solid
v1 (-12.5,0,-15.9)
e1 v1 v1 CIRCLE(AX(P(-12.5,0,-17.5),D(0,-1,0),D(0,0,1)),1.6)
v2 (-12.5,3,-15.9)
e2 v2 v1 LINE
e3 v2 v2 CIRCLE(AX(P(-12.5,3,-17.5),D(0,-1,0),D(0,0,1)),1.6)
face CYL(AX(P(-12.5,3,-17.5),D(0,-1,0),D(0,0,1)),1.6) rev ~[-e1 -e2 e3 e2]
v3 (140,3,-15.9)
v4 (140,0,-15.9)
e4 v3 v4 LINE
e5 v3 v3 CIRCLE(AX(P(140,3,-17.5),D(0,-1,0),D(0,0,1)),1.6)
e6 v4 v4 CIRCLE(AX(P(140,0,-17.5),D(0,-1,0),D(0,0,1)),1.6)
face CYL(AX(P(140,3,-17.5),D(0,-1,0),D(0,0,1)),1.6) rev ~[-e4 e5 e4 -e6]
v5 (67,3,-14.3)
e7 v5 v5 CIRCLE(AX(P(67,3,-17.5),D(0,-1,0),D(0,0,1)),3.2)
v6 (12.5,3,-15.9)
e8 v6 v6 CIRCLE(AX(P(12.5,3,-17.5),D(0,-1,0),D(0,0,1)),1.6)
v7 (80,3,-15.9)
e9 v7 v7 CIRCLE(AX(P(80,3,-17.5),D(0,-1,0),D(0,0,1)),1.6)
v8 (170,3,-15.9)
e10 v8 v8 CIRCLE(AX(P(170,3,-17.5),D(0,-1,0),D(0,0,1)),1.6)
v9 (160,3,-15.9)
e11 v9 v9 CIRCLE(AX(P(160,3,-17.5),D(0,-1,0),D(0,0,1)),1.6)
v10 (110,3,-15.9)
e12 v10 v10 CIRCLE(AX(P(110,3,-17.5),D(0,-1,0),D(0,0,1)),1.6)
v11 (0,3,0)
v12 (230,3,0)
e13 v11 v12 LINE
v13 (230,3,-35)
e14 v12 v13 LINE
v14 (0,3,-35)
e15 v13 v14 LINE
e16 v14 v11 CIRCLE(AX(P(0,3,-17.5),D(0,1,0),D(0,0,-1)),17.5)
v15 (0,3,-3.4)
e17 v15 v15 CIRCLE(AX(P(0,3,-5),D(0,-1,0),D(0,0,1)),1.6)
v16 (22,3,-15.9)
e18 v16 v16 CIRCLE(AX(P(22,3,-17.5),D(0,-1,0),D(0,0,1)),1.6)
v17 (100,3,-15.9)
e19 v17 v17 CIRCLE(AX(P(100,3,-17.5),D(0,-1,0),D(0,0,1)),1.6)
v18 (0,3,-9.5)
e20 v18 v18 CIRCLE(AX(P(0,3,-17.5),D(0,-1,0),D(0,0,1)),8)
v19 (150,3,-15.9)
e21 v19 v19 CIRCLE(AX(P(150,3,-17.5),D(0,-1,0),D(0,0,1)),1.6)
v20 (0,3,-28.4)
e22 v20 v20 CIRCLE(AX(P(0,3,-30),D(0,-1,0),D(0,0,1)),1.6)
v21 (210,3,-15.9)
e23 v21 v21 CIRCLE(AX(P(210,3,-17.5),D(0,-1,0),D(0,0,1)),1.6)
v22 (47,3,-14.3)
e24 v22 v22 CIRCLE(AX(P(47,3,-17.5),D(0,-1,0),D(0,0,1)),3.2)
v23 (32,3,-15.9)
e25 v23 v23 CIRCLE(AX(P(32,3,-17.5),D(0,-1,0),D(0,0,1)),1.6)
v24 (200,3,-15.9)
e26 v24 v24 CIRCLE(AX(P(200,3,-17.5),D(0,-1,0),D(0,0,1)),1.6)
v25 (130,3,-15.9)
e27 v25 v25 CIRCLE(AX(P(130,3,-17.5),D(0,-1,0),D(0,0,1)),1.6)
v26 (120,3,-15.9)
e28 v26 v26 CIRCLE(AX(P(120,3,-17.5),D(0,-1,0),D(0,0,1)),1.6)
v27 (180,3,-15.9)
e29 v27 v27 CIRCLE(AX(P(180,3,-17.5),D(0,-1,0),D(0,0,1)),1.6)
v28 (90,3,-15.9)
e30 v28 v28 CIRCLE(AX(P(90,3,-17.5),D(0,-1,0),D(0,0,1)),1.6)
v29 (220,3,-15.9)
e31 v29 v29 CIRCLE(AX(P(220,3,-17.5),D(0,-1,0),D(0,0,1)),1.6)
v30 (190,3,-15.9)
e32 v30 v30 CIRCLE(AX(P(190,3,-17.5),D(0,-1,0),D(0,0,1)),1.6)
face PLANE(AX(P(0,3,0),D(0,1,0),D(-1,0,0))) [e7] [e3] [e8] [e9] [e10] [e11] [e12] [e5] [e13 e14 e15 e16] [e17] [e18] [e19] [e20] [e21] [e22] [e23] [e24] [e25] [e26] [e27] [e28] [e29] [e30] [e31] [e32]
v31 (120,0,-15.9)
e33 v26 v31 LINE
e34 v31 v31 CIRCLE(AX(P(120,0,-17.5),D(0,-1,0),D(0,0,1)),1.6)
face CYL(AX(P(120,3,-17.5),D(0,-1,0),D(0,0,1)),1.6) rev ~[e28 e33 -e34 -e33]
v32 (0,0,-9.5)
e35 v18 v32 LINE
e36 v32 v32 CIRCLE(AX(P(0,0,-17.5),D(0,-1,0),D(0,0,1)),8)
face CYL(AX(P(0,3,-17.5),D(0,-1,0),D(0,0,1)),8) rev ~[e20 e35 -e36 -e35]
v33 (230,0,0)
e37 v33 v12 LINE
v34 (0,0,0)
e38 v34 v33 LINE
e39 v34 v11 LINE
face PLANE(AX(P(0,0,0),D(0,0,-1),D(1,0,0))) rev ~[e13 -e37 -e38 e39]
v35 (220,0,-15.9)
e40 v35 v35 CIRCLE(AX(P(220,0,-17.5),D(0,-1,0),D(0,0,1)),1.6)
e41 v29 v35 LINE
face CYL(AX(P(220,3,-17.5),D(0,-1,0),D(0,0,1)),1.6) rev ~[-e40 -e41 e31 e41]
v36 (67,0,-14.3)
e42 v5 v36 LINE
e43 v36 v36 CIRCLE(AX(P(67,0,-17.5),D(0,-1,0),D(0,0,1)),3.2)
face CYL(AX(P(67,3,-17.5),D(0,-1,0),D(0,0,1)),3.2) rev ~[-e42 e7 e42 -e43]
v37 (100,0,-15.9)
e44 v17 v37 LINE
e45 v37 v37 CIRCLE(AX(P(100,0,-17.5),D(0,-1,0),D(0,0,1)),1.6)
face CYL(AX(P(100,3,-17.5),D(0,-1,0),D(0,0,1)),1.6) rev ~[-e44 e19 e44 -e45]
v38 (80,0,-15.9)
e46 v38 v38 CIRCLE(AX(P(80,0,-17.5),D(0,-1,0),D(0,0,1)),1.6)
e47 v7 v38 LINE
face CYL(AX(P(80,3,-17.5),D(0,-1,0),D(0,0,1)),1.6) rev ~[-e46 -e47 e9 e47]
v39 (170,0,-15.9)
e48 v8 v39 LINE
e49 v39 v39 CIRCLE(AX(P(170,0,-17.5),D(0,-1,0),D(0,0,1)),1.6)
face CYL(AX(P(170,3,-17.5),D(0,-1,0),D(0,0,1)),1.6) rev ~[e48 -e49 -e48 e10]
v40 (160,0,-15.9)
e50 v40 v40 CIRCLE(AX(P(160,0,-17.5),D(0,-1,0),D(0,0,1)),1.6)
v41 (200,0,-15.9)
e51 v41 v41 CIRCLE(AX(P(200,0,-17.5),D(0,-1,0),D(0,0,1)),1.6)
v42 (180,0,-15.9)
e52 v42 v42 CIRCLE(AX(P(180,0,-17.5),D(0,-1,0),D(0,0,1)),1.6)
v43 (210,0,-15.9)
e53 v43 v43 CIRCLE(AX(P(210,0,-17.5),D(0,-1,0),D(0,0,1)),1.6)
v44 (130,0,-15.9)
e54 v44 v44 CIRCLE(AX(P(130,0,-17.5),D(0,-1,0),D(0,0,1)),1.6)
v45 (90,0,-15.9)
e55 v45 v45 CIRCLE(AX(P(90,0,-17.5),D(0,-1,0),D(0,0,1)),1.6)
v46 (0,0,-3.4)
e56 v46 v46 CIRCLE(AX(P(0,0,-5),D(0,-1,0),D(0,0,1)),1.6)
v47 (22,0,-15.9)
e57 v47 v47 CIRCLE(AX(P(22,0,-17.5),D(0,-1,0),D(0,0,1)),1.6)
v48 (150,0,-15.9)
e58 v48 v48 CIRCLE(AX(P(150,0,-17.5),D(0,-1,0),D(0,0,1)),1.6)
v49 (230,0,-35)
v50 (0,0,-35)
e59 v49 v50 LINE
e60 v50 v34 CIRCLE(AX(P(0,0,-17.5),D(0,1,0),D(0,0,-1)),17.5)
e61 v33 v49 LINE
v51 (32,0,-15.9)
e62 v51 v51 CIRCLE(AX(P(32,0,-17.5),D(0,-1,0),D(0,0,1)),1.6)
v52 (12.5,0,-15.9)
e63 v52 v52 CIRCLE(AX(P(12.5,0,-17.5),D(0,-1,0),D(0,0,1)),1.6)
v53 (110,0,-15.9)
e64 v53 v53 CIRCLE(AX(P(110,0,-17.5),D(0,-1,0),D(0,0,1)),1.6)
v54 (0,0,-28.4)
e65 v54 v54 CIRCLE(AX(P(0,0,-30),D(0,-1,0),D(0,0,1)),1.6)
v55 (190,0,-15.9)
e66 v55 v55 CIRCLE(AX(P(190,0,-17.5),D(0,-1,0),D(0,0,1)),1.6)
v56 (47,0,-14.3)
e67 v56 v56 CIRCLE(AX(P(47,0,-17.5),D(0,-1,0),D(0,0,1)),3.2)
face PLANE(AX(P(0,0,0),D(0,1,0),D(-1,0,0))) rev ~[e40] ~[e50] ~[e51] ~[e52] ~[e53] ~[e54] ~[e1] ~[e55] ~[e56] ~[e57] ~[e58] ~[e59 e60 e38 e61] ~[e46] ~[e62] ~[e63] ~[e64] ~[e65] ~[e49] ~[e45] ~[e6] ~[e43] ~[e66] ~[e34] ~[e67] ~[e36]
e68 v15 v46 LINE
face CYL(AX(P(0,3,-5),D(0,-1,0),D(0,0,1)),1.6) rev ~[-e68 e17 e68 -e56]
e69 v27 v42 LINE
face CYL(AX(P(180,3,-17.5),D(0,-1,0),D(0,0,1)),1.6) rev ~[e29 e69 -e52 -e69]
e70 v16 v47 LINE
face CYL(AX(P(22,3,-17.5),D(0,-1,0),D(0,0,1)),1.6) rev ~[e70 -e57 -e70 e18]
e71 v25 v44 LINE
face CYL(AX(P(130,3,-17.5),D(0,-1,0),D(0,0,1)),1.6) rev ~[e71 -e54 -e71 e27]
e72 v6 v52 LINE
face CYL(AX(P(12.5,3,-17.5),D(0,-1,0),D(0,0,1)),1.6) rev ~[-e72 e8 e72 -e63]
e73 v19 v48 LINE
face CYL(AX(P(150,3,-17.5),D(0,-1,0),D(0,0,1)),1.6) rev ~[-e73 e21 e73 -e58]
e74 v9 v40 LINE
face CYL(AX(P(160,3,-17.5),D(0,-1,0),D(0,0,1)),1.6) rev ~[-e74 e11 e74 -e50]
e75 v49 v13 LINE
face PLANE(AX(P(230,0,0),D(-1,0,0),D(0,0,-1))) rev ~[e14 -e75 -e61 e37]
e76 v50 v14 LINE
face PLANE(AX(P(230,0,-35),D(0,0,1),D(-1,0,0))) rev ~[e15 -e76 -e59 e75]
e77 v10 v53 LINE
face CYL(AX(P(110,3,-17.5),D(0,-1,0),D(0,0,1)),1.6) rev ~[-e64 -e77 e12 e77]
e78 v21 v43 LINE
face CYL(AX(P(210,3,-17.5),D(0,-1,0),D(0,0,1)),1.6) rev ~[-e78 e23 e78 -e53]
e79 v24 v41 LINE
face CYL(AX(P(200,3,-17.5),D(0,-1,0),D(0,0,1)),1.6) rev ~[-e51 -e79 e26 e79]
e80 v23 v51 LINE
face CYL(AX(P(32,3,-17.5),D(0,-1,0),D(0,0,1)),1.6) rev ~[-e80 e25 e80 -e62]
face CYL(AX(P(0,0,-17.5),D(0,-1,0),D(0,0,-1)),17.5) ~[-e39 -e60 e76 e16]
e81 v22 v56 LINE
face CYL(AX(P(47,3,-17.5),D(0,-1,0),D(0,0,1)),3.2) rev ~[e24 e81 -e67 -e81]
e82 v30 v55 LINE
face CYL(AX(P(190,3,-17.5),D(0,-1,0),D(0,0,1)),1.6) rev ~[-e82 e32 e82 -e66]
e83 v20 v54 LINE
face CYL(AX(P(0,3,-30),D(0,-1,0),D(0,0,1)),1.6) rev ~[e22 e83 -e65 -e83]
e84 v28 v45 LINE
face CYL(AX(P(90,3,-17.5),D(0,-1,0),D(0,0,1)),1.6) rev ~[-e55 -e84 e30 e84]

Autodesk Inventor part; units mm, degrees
ref_plane "YZ Plane" through (0, 0, 0) normal (1, 0, 0) x (0, 1, 0)
ref_plane "XZ Plane" through (0, 0, 0) normal (0, 1, 0) x (-1, 0, 0)
ref_plane "XY Plane" through (0, 0, 0) normal (0, 0, 1) x (1, 0, 0)
sketch "スケッチ1" plane through (0, 0, 0) normal (0, 1, 0) x (-1, 0, 0)
  line L0 (0, 0) -> (-230, 0)
  line L1 (-230, 0) -> (-230, -35)
  line L2 (-230, -35) -> (0, -35)
  line L3 (0, -35) -> (0, 0)
  arc A0 (0, -35) -> (0, 0) centre (0, -17.5) ccw
  dimension "d0" = 230
  dimension "d1" = 35
  dimension "d2" = 17.5
extrude "押し出し1" add sketch "スケッチ1" along normal blind 3
sketch "スケッチ2" plane through (0, 3, 0) normal (0, 1, 0) x (1, 0, 0)
  line L0 (0, 17.5) -> (238.6526, 17.5)
  line L1 (0, 0) -> (230, 0) projected
  arc A0 (0, 35) -> (0, 0) centre (0, 17.5) ccw projected
  point P0 (90, 17.5)
  point P1 (100, 17.5)
  point P2 (110, 17.5)
  point P3 (120, 17.5)
  point P4 (130, 17.5)
  point P5 (140, 17.5)
  point P6 (150, 17.5)
  point P7 (160, 17.5)
  point P8 (170, 17.5)
  point P9 (180, 17.5)
  point P10 (190, 17.5)
  point P11 (200, 17.5)
  point P12 (210, 17.5)
  point P13 (-17.5, 17.5)
  point P14 (220, 17.5)
  point P15 (80, 17.5)
  point P16 (32, 17.5)
  point P17 (22, 17.5)
  dimension "d5" = 17.5
  dimension "d13" = 10
  dimension "d14" = 10
  dimension "d15" = 10
  dimension "d16" = 10
  dimension "d17" = 10
  dimension "d18" = 10
  dimension "d19" = 10
  dimension "d20" = 10
  dimension "d21" = 10
  dimension "d22" = 10
  dimension "d23" = 10
  dimension "d24" = 10
  dimension "d35" = 17.5
  dimension "d67" = 10
  dimension "d78" = 10
  dimension "d81" = 10
  dimension "d82" = 48
hole "穴1" at (90, 3, -17.5) at (100, 3, -17.5) at (110, 3, -17.5) at (120, 3, -17.5) at (130, 3, -17.5) at (140, 3, -17.5) at (150, 3, -17.5) at (160, 3, -17.5) at (170, 3, -17.5) at (180, 3, -17.5) at (190, 3, -17.5) at (200, 3, -17.5) at (210, 3, -17.5) at (220, 3, -17.5) at (80, 3, -17.5) at (32, 3, -17.5) at (22, 3, -17.5) direction (0, -1, 0) diameter 3.2 end through all
sketch "スケッチ3" plane through (0, 3, 0) normal (0, 1, 0) x (1, 0, 0)
  line L0 (230, 35) -> (0, 35) projected
  point P0 (0, 0)
  point P1 (0, 17.5)
  dimension "d36" = 17.5
hole "穴2" at (0, 3, -17.5) direction (0, -1, 0) diameter 16 end through all
sketch "スケッチ4" plane through (0, 3, 0) normal (0, 1, 0) x (1, 0, 0)
  circle A0 centre (0, 17.5) radius 6
  circle A1 centre (0, 17.5) radius 8 projected
  line L0 (-0.1439, 17.5) -> (-6.5454, 17.5)
  line L1 (-6.5454, 17.5) -> (7.5104, 17.5)
  point P0 (0, 0)
  point P1 (0, 11.5)
  point P2 (6, 17.5)
  point P3 (0, 23.5)
  point P4 (-6, 17.5)
  dimension "d44" = 12
  dimension "d45" = 0
hole "穴3" [suppressed]
sketch "スケッチ5" plane through (0, 3, 0) normal (0, 1, 0) x (1, 0, 0)
  circle A0 centre (0, 17.5) radius 8 projected
  point P0 (0, 0)
  point P1 (15.8, 7)
  point P2 (15.8, 28)
  point P3 (24.9999, 17.5)
  dimension "d53" = 10.5
  dimension "d55" = 15.8
  dimension "d56" = 15.8
  dimension "d83" = 10.5
hole "穴4" [suppressed]
sketch "スケッチ6" plane through (0, 3, 0) normal (0, 1, 0) x (1, 0, 0)
  circle A0 centre (0, 17.5) radius 8 construction
  line L0 (0, 17.5) -> (230, 17.5) construction
  line L1 (230, 0) -> (230, 35) construction
  point P0 (0, 0)
  point P1 (67, 17.5)
  point P2 (47, 17.5)
  dimension "d69" = 47
  dimension "d70" = 20
hole "穴5" at (67, 3, -17.5) at (47, 3, -17.5) direction (0, -1, 0) diameter 6.4 end through all
sketch "スケッチ7" plane through (0, 3, 0) normal (0, 1, 0) x (1, 0, 0)
  circle A0 centre (0, 17.5) radius 8 construction
  circle A1 centre (0, 17.5) radius 12.5 construction
  point P0 (0, 0)
  point P1 (0, 5)
  point P2 (12.5, 17.5)
  point P3 (0, 30)
  point P4 (-12.5, 17.5)
  dimension "d84" = 25
  dimension "d87" = 360
hole "穴6" at (0, 3, -5) at (12.5, 3, -17.5) at (0, 3, -30) at (-12.5, 3, -17.5) direction (0, -1, 0) diameter 3.2 end through all
properties part number "arm_plate" material "アルミニウム 5052"
